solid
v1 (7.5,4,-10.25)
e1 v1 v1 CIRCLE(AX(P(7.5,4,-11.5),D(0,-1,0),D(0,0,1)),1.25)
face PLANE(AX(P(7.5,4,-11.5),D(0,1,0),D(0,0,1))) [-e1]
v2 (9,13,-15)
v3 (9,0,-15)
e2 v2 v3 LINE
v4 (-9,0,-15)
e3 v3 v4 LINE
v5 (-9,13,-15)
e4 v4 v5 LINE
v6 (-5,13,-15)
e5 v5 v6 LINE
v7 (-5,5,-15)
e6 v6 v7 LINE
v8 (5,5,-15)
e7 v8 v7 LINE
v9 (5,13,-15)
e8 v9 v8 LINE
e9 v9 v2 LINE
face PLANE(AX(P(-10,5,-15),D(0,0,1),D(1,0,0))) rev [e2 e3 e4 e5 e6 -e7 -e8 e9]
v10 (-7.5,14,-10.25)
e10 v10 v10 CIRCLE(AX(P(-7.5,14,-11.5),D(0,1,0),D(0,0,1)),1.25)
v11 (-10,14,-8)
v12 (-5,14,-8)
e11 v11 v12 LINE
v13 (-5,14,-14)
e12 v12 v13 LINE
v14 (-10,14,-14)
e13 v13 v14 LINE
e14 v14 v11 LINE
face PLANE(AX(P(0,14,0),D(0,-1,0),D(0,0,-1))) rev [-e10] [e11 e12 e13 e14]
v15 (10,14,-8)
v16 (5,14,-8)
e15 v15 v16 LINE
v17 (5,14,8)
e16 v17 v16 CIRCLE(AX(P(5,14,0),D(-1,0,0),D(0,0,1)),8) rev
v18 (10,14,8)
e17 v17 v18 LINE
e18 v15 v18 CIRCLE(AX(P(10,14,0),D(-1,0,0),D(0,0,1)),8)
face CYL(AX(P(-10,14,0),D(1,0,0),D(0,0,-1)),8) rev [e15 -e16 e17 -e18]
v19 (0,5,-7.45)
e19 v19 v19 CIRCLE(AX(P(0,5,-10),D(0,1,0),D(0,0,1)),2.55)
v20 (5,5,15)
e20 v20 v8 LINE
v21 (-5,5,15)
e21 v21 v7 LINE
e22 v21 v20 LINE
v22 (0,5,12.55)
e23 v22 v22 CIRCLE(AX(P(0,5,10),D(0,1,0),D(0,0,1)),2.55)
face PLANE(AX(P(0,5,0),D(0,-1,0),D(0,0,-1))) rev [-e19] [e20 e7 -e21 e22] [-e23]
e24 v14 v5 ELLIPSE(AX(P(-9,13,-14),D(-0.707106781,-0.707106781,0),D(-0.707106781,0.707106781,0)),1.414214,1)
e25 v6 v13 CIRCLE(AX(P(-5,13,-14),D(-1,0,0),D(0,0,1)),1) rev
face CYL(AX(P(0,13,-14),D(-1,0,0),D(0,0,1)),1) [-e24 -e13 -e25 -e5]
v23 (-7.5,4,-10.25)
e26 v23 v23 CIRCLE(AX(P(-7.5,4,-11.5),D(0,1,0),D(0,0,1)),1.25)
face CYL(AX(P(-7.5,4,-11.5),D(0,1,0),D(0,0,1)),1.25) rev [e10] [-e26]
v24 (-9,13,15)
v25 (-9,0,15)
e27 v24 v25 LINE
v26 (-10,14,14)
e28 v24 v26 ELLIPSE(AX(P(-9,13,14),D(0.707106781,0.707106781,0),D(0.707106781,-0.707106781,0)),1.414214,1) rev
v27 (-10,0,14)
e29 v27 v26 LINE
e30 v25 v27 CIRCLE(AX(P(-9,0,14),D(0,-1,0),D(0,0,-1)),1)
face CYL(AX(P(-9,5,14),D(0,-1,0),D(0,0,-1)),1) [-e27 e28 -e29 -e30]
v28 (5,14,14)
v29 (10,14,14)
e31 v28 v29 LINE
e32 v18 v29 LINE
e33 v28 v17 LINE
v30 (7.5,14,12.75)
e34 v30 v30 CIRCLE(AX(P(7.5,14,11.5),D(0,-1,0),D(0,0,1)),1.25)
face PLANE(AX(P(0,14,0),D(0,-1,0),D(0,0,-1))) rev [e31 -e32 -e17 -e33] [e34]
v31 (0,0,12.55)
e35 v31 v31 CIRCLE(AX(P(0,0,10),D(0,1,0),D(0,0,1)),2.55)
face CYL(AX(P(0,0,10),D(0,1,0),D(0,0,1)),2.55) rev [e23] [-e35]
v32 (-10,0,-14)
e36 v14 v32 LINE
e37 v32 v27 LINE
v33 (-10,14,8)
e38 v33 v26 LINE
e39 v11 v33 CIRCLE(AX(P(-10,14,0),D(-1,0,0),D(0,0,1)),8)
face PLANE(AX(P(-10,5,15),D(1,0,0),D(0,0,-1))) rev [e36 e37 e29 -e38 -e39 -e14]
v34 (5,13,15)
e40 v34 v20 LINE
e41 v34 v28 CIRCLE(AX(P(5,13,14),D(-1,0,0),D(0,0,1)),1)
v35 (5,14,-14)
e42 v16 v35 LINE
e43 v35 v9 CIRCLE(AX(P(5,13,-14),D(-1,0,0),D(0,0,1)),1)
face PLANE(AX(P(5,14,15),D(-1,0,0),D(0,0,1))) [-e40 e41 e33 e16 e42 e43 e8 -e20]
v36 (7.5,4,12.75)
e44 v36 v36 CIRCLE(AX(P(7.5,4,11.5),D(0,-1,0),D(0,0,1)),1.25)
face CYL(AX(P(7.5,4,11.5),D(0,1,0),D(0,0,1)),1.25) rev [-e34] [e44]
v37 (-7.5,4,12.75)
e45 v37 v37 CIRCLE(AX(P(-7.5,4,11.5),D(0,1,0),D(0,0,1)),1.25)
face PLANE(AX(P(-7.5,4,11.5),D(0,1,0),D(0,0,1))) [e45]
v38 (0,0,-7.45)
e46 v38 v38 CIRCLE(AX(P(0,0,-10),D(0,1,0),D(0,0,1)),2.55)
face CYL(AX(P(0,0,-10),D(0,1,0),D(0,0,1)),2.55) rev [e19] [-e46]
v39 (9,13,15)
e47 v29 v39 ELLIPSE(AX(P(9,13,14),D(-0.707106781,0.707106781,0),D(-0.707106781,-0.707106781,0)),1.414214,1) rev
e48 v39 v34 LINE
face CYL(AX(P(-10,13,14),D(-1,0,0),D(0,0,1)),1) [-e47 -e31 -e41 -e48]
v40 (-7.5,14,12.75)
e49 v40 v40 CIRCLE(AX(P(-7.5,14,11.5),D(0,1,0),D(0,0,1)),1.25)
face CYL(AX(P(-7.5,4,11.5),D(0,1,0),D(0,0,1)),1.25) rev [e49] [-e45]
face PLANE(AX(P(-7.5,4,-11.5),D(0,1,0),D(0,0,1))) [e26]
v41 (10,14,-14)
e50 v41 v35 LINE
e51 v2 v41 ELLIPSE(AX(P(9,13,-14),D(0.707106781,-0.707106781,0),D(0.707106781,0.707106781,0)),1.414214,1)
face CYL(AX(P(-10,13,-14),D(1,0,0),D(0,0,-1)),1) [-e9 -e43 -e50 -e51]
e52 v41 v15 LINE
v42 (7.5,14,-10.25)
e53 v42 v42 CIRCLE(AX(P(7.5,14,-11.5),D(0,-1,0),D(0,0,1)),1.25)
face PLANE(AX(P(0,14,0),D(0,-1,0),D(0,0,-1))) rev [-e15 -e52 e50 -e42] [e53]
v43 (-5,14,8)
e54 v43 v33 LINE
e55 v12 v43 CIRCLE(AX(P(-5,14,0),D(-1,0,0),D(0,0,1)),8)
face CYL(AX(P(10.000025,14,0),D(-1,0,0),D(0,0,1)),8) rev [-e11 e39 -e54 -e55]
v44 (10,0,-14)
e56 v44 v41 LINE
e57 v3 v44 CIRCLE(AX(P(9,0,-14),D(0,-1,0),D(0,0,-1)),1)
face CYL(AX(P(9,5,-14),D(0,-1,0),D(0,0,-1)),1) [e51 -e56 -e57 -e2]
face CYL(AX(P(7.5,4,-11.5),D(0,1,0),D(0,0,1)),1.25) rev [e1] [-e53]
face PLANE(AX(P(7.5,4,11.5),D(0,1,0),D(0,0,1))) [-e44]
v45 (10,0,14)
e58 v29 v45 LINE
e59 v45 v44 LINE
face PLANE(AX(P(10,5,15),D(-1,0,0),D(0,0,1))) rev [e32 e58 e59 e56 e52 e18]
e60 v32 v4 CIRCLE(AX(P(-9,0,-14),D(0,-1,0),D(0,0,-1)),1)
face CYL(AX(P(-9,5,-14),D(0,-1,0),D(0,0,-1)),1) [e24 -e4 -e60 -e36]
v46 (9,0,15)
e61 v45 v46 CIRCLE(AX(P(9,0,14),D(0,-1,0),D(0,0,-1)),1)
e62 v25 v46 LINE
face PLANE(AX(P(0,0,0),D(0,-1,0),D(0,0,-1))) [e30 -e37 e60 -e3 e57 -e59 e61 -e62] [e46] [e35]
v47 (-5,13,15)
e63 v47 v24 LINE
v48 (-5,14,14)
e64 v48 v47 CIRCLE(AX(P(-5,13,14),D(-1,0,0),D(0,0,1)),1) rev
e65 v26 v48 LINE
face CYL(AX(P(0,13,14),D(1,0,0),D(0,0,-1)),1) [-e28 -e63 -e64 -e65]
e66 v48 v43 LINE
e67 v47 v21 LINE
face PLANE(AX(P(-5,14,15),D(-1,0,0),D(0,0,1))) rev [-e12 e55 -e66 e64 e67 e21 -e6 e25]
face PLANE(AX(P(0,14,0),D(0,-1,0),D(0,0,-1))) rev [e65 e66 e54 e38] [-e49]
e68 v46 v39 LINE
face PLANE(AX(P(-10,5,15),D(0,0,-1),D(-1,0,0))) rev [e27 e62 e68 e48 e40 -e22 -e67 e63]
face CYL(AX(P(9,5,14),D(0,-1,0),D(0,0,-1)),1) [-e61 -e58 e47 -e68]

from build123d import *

# Parameters (mm, degrees)
SKETCH1_W           = 20
SKETCH1_H           = 30
BOSS_EXTRUDE1_DEPTH = 5
SKETCH2_R           = 2.55
CUT_EXTRUDE1_DEPTH  = 19.708286934
SKETCH3_W           = 5
SKETCH3_H           = 30
BOSS_EXTRUDE2_DEPTH = 9
SKETCH4_R           = 8
CUT_EXTRUDE2_DEPTH  = 29.653097564
SKETCH5_R           = 1.25
CUT_EXTRUDE3_DEPTH  = 10
FILLET1_R           = 1


with BuildPart() as part:
    # Sketch1 → Boss-Extrude1 (new body)
    with BuildSketch(Plane(origin=(0, 0, 0), x_dir=(1, 0, 0), z_dir=(0, 1, 0))):
        Rectangle(SKETCH1_W, SKETCH1_H)
    extrude(amount=BOSS_EXTRUDE1_DEPTH)

    # Sketch2 → Cut-Extrude1 (cut, through all)
    with BuildSketch(Plane(origin=(0, 5, 0), x_dir=(1, 0, 0), z_dir=(0, 1, 0))):
        with Locations(Location((0, 10, 0), (0, 0, 270))):
            Circle(SKETCH2_R)
        with Locations(Location((0, -10, 0), (0, 0, 270))):
            Circle(SKETCH2_R)
    extrude(amount=-CUT_EXTRUDE1_DEPTH, mode=Mode.SUBTRACT)

    # Sketch3 → Boss-Extrude2 (add)
    with BuildSketch(Plane(origin=(0, 5, 0), x_dir=(1, 0, 0), z_dir=(0, 1, 0))):
        with Locations((-7.5, 0)):
            Rectangle(SKETCH3_W, SKETCH3_H)
    boss_extrude2 = extrude(amount=BOSS_EXTRUDE2_DEPTH)

    # Sketch4 → Cut-Extrude2 (cut, through all)
    with BuildSketch(Plane.ZY.offset(10)):
        with Locations((0, 14)):
            Circle(SKETCH4_R)
    cut_extrude2 = extrude(amount=-CUT_EXTRUDE2_DEPTH, mode=Mode.SUBTRACT)

    # Sketch5 → Cut-Extrude3 (cut)
    with BuildSketch(Plane(origin=(0, 14, 0), x_dir=(1, 0, 0), z_dir=(0, 1, 0))):
        with Locations(Location((-7.5, 11.5, 0), (0, 0, 270))):
            Circle(SKETCH5_R)
        with Locations(Location((-7.5, -11.5, 0), (0, 0, 270))):
            Circle(SKETCH5_R)
    cut_extrude3 = extrude(amount=-CUT_EXTRUDE3_DEPTH, mode=Mode.SUBTRACT)

    # Mirror1: Boss-Extrude2, Cut-Extrude2, Cut-Extrude3 across plane
    add(boss_extrude2.mirror(Plane(origin=(0, 0, 0), x_dir=(0, 0, 1), z_dir=(1, 0, 0))))
    add(cut_extrude2.mirror(Plane(origin=(0, 0, 0), x_dir=(0, 0, 1), z_dir=(1, 0, 0))), mode=Mode.SUBTRACT)
    add(cut_extrude3.mirror(Plane(origin=(0, 0, 0), x_dir=(0, 0, 1), z_dir=(1, 0, 0))), mode=Mode.SUBTRACT)

    # Fillet1
    fillet1_edges = [part.edges().sort_by_distance(p)[0] for p in [
        (-10, 7, -15),
        (10, 7, -15),
        (10, 7, 15),
        (-10, 7, 15),
        (-7.5, 14, -15),
        (7.5, 14, -15),
        (7.5, 14, 15),
        (-7.5, 14, 15),
    ]]
    fillet(fillet1_edges, radius=FILLET1_R)


solid = part.part
